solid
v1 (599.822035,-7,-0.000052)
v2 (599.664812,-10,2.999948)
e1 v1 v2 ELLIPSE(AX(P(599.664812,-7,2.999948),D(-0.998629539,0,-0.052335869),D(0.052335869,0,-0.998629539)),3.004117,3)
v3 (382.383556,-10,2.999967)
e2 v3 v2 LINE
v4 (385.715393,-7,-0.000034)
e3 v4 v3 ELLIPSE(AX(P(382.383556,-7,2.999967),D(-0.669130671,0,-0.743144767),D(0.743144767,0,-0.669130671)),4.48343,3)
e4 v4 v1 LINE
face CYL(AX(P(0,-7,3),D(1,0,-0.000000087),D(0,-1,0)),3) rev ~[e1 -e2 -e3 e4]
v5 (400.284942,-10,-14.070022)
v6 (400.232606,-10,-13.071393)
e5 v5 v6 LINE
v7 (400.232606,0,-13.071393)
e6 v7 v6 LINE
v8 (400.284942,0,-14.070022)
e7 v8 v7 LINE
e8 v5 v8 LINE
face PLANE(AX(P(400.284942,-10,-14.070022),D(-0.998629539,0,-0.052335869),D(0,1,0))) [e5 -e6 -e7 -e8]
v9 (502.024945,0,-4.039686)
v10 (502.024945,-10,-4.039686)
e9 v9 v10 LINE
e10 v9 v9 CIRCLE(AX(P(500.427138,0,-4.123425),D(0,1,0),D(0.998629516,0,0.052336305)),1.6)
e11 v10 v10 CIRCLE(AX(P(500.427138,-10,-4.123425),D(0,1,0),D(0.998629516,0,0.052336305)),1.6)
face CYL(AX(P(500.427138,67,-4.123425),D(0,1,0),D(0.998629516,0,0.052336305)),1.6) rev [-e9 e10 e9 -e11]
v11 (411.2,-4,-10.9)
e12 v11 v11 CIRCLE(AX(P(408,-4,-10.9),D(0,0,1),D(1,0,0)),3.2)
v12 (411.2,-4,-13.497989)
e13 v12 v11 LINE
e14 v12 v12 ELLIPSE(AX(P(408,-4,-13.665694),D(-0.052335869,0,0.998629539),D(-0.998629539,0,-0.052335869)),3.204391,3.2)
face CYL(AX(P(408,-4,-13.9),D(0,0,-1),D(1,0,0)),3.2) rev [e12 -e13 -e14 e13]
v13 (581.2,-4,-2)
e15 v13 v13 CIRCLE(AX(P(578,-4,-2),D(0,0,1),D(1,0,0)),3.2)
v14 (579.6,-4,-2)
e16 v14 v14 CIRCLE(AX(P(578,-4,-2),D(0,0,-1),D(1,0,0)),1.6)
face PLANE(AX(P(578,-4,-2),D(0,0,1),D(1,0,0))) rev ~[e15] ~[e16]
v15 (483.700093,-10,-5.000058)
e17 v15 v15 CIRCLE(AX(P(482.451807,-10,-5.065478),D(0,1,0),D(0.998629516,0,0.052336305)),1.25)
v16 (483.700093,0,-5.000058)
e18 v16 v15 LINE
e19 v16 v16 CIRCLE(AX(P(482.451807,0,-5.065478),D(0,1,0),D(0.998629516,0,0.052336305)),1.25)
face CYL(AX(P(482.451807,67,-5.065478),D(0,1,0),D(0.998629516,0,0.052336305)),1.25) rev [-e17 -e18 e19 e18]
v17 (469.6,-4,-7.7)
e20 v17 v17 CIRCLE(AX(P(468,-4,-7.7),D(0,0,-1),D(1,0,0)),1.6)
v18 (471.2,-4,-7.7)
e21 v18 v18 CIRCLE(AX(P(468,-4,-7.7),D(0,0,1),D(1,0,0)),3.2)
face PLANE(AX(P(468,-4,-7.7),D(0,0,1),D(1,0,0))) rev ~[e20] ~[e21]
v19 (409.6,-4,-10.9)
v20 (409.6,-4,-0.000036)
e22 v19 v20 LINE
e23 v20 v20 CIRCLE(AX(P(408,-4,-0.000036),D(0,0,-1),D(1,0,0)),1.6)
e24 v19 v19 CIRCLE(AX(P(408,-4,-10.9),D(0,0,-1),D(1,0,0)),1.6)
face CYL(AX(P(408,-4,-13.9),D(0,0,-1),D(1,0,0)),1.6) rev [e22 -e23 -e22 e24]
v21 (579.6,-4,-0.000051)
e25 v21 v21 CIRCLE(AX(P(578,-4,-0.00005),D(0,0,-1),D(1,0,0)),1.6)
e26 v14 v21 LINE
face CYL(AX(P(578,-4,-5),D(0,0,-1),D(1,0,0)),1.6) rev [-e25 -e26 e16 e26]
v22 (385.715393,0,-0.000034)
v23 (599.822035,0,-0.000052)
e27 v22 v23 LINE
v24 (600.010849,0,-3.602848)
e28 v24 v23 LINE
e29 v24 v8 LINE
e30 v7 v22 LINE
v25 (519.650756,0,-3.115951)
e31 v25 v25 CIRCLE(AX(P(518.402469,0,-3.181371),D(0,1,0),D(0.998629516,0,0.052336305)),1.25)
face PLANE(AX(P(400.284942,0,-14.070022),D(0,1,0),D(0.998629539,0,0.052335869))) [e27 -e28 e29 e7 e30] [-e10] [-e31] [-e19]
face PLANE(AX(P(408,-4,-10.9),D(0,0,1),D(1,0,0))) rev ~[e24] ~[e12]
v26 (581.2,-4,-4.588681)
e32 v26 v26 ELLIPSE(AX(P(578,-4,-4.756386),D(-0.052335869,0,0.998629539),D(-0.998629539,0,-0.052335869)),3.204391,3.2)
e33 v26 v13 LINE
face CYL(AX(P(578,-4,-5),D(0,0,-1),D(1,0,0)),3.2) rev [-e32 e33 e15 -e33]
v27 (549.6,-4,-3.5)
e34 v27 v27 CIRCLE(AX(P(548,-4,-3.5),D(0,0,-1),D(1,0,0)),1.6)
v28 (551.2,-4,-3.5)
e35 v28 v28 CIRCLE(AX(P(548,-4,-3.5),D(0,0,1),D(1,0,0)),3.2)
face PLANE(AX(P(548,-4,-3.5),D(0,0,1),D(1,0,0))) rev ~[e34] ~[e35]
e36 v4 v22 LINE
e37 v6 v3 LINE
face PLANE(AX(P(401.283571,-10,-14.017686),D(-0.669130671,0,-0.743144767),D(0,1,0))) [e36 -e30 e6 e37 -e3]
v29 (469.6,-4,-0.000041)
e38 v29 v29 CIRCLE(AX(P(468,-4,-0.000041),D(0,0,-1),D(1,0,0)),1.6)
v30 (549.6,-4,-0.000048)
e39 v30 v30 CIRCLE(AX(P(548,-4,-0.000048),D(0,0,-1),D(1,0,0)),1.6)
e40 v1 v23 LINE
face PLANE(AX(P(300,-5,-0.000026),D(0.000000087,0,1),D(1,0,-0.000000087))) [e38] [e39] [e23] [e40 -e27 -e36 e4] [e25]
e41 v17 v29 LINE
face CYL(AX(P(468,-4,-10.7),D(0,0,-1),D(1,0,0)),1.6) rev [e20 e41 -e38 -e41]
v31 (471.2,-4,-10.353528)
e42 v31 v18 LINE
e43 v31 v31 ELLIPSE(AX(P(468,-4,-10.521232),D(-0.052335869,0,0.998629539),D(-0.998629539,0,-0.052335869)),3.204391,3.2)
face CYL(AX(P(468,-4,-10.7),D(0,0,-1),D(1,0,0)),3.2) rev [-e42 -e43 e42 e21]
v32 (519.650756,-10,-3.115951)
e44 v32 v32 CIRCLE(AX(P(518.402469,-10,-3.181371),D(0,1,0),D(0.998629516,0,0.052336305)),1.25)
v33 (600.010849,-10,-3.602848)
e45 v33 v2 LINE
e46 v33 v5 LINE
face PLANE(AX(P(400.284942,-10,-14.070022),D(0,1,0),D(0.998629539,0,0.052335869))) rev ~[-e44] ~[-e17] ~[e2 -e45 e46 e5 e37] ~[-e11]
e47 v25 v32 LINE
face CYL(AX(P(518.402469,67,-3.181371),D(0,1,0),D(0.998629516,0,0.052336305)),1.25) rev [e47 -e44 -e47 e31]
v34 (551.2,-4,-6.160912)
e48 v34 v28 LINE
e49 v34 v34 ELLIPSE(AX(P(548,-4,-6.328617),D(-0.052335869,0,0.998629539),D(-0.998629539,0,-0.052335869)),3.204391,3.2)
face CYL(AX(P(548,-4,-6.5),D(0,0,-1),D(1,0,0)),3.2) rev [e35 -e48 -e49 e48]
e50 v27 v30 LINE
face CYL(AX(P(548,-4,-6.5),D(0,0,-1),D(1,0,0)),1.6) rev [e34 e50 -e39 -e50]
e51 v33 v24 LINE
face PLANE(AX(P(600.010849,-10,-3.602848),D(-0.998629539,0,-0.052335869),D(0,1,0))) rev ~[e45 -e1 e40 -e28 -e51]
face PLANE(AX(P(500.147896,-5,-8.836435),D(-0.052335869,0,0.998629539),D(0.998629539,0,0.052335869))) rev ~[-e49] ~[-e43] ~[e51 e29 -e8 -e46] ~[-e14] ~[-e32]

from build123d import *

# Parameters (mm, degrees)
CYLINDER033_R             = 1.6
CYLINDER033_DEPTH         = 100
CYLINDER034_R             = 1.25
CYLINDER034_DEPTH         = 100
CYLINDER035_R             = 1.25
CYLINDER035_DEPTH         = 100
FUSION027_PLACEMENT_ANGLE = 3.00002
CYLINDER012_R             = 3.2
CYLINDER012_DEPTH         = 3
CYLINDER013_R             = 1.6
CYLINDER013_DEPTH         = 30
CYLINDER014_R             = 3.2
CYLINDER014_DEPTH         = 3
CYLINDER015_R             = 1.6
CYLINDER015_DEPTH         = 30
CYLINDER016_R             = 3.2
CYLINDER016_DEPTH         = 3
CYLINDER017_R             = 1.6
CYLINDER017_DEPTH         = 30
CYLINDER011_R             = 3.2
CYLINDER011_DEPTH         = 3
CYLINDER010_R             = 1.6
CYLINDER010_DEPTH         = 30
BOX_W                     = 600
BOX_H                     = 10
BOX_DEPTH                 = 20
BOX_PLACEMENT_ANGLE       = 3
BOX001_W                  = 600
BOX001_H                  = 10
BOX001_DEPTH              = 20
BOX001_PLACEMENT_ANGLE    = 3
FILLET_R                  = 3
BOX003_W                  = 14
BOX003_H                  = 10
BOX003_DEPTH              = 27
BOX003_PLACEMENT_ANGLE    = 45
BOX002_W                  = 200
BOX002_H                  = 10
BOX002_DEPTH              = 17
CUT_PLACEMENT_ANGLE       = 2.999995


with BuildPart() as cylinder033:
    # Cylinder033 → Cylinder033 (new body)
    with BuildSketch(Plane(origin=(418, 0, 0), x_dir=(1, 0, 0), z_dir=(0, -1, 0))):
        Circle(CYLINDER033_R)
    extrude(amount=CYLINDER033_DEPTH)


with BuildPart() as cylinder034:
    # Cylinder034 → Cylinder034 (new body)
    with BuildSketch(Plane(origin=(436, 0, 0), x_dir=(1, 0, 0), z_dir=(0, -1, 0))):
        Circle(CYLINDER034_R)
    extrude(amount=CYLINDER034_DEPTH)


with BuildPart() as fusion027:
    # Cylinder035 → Cylinder035 (new body)
    with BuildSketch(Plane(origin=(400, 0, 0), x_dir=(1, 0, 0), z_dir=(0, -1, 0))):
        Circle(CYLINDER035_R)
    extrude(amount=CYLINDER035_DEPTH)

    # Fusion027: union Cylinder033, Cylinder034
    add(cylinder033.part)
    add(cylinder034.part)


with BuildPart() as fusion027_1:
    # Fusion027 placement: moved
    add(fusion027.part.moved(Location((83, 77, -26))).rotate(Axis((83, 77, -26), (0, -1, 0)), FUSION027_PLACEMENT_ANGLE))


with BuildPart() as cylinder012:
    # Cylinder012 → Cylinder012 (new body)
    with BuildSketch(Plane(origin=(578, 6, -35), x_dir=(1, 0, 0), z_dir=(0, 0, 1))):
        Circle(CYLINDER012_R)
    extrude(amount=CYLINDER012_DEPTH)


with BuildPart() as fusion013:
    # Cylinder013 → Cylinder013 (new body)
    with BuildSketch(Plane(origin=(578, 6, -35), x_dir=(1, 0, 0), z_dir=(0, 0, 1))):
        Circle(CYLINDER013_R)
    extrude(amount=CYLINDER013_DEPTH)

    # Fusion013: union Cylinder012
    add(cylinder012.part)


with BuildPart() as fusion013_1:
    # Fusion013 placement: moved
    add(fusion013.part.moved(Location((-170, 0, 21.1))))


with BuildPart() as cylinder014:
    # Cylinder014 → Cylinder014 (new body)
    with BuildSketch(Plane(origin=(578, 6, -35), x_dir=(1, 0, 0), z_dir=(0, 0, 1))):
        Circle(CYLINDER014_R)
    extrude(amount=CYLINDER014_DEPTH)


with BuildPart() as fusion014:
    # Cylinder015 → Cylinder015 (new body)
    with BuildSketch(Plane(origin=(578, 6, -35), x_dir=(1, 0, 0), z_dir=(0, 0, 1))):
        Circle(CYLINDER015_R)
    extrude(amount=CYLINDER015_DEPTH)

    # Fusion014: union Cylinder014
    add(cylinder014.part)


with BuildPart() as fusion014_1:
    # Fusion014 placement: moved
    add(fusion014.part.moved(Location((-110, 0, 24.3))))


with BuildPart() as cylinder016:
    # Cylinder016 → Cylinder016 (new body)
    with BuildSketch(Plane(origin=(578, 6, -35), x_dir=(1, 0, 0), z_dir=(0, 0, 1))):
        Circle(CYLINDER016_R)
    extrude(amount=CYLINDER016_DEPTH)


with BuildPart() as fusion015:
    # Cylinder017 → Cylinder017 (new body)
    with BuildSketch(Plane(origin=(578, 6, -35), x_dir=(1, 0, 0), z_dir=(0, 0, 1))):
        Circle(CYLINDER017_R)
    extrude(amount=CYLINDER017_DEPTH)

    # Fusion015: union Cylinder016
    add(cylinder016.part)


with BuildPart() as fusion015_1:
    # Fusion015 placement: moved
    add(fusion015.part.moved(Location((-30, 0, 28.5))))


with BuildPart() as cylinder011:
    # Cylinder011 → Cylinder011 (new body)
    with BuildSketch(Plane(origin=(578, 6, -35), x_dir=(1, 0, 0), z_dir=(0, 0, 1))):
        Circle(CYLINDER011_R)
    extrude(amount=CYLINDER011_DEPTH)


with BuildPart() as fusion035:
    # Cylinder010 → Cylinder010 (new body)
    with BuildSketch(Plane(origin=(578, 6, -35), x_dir=(1, 0, 0), z_dir=(0, 0, 1))):
        Circle(CYLINDER010_R)
    extrude(amount=CYLINDER010_DEPTH)

    # Fusion012: union Cylinder011
    add(cylinder011.part)


with BuildPart() as fusion035_1:
    # Fusion012 placement: moved
    add(fusion035.part.moved(Location((0, 0, 30))))

    # Fusion035: union Fusion013, Fusion014, Fusion015
    add(fusion013_1.part)
    add(fusion014_1.part)
    add(fusion015_1.part)


with BuildPart() as box:
    # Box → Box (new body)
    with BuildSketch(Plane.XY):
        with Locations((300, 5)):
            Rectangle(BOX_W, BOX_H)
    extrude(amount=BOX_DEPTH)


with BuildPart() as box_1:
    # Box placement: moved
    add(box.part.rotate(Axis((0, 0, 0), (0, 1, 0)), BOX_PLACEMENT_ANGLE))


with BuildPart() as fillet_body:
    # Box001 → Box001 (new body)
    with BuildSketch(Plane.XY):
        with Locations((300, 5)):
            Rectangle(BOX001_W, BOX001_H)
    extrude(amount=BOX001_DEPTH)


with BuildPart() as fillet_body_1:
    # Box001 placement: moved
    add(fillet_body.part.moved(Location((0, 52, 0))).rotate(Axis((0, 52, 0), (0, 1, 0)), BOX001_PLACEMENT_ANGLE))

    # Fusion: union Box
    add(box_1.part)

    # Fillet
    fillet_edges = [fillet_body_1.edges().sort_by_distance(p)[0] for p in [
        (300.63558, 62, 4.271804),
        (299.58886, 62, -15.700787),
        (299.58886, 0, -15.700787),
        (300.63558, 0, 4.271804),
    ]]
    fillet(fillet_edges, radius=FILLET_R)


with BuildPart() as box003:
    # Box003 → Box003 (new body)
    with BuildSketch(Plane.XY):
        with Locations((7, 5)):
            Rectangle(BOX003_W, BOX003_H)
    extrude(amount=BOX003_DEPTH)


with BuildPart() as box003_1:
    # Box003 placement: moved
    add(box003.part.moved(Location((400, 0, -35))).rotate(Axis((400, 0, -35), (0, -1, 0)), BOX003_PLACEMENT_ANGLE))


with BuildPart() as left_wheels_frame:
    # Box002 → Box002 (new body)
    with BuildSketch(Plane(origin=(399, 0, -35), x_dir=(1, 0, 0), z_dir=(0, 0, 1))):
        with Locations((100, 5)):
            Rectangle(BOX002_W, BOX002_H)
    extrude(amount=BOX002_DEPTH)

    # Fusion001: union Box003
    add(box003_1.part)

    # Cut: cut Fillet body
    add(fillet_body_1.part, mode=Mode.SUBTRACT)


with BuildPart() as left_wheels_frame_1:
    # Cut placement: moved
    add(left_wheels_frame.part.rotate(Axis((0, 0, 0), (0, -1, 0)), CUT_PLACEMENT_ANGLE))

    # Cut021: cut Fusion035
    add(fusion035_1.part, mode=Mode.SUBTRACT)

    # Cut022: cut Fusion027
    add(fusion027_1.part, mode=Mode.SUBTRACT)


with BuildPart() as left_wheels_frame_2:
    # Cut022 placement: moved
    add(left_wheels_frame_1.part.moved(Location((0, -10, 0))))


solid = left_wheels_frame_2.part
